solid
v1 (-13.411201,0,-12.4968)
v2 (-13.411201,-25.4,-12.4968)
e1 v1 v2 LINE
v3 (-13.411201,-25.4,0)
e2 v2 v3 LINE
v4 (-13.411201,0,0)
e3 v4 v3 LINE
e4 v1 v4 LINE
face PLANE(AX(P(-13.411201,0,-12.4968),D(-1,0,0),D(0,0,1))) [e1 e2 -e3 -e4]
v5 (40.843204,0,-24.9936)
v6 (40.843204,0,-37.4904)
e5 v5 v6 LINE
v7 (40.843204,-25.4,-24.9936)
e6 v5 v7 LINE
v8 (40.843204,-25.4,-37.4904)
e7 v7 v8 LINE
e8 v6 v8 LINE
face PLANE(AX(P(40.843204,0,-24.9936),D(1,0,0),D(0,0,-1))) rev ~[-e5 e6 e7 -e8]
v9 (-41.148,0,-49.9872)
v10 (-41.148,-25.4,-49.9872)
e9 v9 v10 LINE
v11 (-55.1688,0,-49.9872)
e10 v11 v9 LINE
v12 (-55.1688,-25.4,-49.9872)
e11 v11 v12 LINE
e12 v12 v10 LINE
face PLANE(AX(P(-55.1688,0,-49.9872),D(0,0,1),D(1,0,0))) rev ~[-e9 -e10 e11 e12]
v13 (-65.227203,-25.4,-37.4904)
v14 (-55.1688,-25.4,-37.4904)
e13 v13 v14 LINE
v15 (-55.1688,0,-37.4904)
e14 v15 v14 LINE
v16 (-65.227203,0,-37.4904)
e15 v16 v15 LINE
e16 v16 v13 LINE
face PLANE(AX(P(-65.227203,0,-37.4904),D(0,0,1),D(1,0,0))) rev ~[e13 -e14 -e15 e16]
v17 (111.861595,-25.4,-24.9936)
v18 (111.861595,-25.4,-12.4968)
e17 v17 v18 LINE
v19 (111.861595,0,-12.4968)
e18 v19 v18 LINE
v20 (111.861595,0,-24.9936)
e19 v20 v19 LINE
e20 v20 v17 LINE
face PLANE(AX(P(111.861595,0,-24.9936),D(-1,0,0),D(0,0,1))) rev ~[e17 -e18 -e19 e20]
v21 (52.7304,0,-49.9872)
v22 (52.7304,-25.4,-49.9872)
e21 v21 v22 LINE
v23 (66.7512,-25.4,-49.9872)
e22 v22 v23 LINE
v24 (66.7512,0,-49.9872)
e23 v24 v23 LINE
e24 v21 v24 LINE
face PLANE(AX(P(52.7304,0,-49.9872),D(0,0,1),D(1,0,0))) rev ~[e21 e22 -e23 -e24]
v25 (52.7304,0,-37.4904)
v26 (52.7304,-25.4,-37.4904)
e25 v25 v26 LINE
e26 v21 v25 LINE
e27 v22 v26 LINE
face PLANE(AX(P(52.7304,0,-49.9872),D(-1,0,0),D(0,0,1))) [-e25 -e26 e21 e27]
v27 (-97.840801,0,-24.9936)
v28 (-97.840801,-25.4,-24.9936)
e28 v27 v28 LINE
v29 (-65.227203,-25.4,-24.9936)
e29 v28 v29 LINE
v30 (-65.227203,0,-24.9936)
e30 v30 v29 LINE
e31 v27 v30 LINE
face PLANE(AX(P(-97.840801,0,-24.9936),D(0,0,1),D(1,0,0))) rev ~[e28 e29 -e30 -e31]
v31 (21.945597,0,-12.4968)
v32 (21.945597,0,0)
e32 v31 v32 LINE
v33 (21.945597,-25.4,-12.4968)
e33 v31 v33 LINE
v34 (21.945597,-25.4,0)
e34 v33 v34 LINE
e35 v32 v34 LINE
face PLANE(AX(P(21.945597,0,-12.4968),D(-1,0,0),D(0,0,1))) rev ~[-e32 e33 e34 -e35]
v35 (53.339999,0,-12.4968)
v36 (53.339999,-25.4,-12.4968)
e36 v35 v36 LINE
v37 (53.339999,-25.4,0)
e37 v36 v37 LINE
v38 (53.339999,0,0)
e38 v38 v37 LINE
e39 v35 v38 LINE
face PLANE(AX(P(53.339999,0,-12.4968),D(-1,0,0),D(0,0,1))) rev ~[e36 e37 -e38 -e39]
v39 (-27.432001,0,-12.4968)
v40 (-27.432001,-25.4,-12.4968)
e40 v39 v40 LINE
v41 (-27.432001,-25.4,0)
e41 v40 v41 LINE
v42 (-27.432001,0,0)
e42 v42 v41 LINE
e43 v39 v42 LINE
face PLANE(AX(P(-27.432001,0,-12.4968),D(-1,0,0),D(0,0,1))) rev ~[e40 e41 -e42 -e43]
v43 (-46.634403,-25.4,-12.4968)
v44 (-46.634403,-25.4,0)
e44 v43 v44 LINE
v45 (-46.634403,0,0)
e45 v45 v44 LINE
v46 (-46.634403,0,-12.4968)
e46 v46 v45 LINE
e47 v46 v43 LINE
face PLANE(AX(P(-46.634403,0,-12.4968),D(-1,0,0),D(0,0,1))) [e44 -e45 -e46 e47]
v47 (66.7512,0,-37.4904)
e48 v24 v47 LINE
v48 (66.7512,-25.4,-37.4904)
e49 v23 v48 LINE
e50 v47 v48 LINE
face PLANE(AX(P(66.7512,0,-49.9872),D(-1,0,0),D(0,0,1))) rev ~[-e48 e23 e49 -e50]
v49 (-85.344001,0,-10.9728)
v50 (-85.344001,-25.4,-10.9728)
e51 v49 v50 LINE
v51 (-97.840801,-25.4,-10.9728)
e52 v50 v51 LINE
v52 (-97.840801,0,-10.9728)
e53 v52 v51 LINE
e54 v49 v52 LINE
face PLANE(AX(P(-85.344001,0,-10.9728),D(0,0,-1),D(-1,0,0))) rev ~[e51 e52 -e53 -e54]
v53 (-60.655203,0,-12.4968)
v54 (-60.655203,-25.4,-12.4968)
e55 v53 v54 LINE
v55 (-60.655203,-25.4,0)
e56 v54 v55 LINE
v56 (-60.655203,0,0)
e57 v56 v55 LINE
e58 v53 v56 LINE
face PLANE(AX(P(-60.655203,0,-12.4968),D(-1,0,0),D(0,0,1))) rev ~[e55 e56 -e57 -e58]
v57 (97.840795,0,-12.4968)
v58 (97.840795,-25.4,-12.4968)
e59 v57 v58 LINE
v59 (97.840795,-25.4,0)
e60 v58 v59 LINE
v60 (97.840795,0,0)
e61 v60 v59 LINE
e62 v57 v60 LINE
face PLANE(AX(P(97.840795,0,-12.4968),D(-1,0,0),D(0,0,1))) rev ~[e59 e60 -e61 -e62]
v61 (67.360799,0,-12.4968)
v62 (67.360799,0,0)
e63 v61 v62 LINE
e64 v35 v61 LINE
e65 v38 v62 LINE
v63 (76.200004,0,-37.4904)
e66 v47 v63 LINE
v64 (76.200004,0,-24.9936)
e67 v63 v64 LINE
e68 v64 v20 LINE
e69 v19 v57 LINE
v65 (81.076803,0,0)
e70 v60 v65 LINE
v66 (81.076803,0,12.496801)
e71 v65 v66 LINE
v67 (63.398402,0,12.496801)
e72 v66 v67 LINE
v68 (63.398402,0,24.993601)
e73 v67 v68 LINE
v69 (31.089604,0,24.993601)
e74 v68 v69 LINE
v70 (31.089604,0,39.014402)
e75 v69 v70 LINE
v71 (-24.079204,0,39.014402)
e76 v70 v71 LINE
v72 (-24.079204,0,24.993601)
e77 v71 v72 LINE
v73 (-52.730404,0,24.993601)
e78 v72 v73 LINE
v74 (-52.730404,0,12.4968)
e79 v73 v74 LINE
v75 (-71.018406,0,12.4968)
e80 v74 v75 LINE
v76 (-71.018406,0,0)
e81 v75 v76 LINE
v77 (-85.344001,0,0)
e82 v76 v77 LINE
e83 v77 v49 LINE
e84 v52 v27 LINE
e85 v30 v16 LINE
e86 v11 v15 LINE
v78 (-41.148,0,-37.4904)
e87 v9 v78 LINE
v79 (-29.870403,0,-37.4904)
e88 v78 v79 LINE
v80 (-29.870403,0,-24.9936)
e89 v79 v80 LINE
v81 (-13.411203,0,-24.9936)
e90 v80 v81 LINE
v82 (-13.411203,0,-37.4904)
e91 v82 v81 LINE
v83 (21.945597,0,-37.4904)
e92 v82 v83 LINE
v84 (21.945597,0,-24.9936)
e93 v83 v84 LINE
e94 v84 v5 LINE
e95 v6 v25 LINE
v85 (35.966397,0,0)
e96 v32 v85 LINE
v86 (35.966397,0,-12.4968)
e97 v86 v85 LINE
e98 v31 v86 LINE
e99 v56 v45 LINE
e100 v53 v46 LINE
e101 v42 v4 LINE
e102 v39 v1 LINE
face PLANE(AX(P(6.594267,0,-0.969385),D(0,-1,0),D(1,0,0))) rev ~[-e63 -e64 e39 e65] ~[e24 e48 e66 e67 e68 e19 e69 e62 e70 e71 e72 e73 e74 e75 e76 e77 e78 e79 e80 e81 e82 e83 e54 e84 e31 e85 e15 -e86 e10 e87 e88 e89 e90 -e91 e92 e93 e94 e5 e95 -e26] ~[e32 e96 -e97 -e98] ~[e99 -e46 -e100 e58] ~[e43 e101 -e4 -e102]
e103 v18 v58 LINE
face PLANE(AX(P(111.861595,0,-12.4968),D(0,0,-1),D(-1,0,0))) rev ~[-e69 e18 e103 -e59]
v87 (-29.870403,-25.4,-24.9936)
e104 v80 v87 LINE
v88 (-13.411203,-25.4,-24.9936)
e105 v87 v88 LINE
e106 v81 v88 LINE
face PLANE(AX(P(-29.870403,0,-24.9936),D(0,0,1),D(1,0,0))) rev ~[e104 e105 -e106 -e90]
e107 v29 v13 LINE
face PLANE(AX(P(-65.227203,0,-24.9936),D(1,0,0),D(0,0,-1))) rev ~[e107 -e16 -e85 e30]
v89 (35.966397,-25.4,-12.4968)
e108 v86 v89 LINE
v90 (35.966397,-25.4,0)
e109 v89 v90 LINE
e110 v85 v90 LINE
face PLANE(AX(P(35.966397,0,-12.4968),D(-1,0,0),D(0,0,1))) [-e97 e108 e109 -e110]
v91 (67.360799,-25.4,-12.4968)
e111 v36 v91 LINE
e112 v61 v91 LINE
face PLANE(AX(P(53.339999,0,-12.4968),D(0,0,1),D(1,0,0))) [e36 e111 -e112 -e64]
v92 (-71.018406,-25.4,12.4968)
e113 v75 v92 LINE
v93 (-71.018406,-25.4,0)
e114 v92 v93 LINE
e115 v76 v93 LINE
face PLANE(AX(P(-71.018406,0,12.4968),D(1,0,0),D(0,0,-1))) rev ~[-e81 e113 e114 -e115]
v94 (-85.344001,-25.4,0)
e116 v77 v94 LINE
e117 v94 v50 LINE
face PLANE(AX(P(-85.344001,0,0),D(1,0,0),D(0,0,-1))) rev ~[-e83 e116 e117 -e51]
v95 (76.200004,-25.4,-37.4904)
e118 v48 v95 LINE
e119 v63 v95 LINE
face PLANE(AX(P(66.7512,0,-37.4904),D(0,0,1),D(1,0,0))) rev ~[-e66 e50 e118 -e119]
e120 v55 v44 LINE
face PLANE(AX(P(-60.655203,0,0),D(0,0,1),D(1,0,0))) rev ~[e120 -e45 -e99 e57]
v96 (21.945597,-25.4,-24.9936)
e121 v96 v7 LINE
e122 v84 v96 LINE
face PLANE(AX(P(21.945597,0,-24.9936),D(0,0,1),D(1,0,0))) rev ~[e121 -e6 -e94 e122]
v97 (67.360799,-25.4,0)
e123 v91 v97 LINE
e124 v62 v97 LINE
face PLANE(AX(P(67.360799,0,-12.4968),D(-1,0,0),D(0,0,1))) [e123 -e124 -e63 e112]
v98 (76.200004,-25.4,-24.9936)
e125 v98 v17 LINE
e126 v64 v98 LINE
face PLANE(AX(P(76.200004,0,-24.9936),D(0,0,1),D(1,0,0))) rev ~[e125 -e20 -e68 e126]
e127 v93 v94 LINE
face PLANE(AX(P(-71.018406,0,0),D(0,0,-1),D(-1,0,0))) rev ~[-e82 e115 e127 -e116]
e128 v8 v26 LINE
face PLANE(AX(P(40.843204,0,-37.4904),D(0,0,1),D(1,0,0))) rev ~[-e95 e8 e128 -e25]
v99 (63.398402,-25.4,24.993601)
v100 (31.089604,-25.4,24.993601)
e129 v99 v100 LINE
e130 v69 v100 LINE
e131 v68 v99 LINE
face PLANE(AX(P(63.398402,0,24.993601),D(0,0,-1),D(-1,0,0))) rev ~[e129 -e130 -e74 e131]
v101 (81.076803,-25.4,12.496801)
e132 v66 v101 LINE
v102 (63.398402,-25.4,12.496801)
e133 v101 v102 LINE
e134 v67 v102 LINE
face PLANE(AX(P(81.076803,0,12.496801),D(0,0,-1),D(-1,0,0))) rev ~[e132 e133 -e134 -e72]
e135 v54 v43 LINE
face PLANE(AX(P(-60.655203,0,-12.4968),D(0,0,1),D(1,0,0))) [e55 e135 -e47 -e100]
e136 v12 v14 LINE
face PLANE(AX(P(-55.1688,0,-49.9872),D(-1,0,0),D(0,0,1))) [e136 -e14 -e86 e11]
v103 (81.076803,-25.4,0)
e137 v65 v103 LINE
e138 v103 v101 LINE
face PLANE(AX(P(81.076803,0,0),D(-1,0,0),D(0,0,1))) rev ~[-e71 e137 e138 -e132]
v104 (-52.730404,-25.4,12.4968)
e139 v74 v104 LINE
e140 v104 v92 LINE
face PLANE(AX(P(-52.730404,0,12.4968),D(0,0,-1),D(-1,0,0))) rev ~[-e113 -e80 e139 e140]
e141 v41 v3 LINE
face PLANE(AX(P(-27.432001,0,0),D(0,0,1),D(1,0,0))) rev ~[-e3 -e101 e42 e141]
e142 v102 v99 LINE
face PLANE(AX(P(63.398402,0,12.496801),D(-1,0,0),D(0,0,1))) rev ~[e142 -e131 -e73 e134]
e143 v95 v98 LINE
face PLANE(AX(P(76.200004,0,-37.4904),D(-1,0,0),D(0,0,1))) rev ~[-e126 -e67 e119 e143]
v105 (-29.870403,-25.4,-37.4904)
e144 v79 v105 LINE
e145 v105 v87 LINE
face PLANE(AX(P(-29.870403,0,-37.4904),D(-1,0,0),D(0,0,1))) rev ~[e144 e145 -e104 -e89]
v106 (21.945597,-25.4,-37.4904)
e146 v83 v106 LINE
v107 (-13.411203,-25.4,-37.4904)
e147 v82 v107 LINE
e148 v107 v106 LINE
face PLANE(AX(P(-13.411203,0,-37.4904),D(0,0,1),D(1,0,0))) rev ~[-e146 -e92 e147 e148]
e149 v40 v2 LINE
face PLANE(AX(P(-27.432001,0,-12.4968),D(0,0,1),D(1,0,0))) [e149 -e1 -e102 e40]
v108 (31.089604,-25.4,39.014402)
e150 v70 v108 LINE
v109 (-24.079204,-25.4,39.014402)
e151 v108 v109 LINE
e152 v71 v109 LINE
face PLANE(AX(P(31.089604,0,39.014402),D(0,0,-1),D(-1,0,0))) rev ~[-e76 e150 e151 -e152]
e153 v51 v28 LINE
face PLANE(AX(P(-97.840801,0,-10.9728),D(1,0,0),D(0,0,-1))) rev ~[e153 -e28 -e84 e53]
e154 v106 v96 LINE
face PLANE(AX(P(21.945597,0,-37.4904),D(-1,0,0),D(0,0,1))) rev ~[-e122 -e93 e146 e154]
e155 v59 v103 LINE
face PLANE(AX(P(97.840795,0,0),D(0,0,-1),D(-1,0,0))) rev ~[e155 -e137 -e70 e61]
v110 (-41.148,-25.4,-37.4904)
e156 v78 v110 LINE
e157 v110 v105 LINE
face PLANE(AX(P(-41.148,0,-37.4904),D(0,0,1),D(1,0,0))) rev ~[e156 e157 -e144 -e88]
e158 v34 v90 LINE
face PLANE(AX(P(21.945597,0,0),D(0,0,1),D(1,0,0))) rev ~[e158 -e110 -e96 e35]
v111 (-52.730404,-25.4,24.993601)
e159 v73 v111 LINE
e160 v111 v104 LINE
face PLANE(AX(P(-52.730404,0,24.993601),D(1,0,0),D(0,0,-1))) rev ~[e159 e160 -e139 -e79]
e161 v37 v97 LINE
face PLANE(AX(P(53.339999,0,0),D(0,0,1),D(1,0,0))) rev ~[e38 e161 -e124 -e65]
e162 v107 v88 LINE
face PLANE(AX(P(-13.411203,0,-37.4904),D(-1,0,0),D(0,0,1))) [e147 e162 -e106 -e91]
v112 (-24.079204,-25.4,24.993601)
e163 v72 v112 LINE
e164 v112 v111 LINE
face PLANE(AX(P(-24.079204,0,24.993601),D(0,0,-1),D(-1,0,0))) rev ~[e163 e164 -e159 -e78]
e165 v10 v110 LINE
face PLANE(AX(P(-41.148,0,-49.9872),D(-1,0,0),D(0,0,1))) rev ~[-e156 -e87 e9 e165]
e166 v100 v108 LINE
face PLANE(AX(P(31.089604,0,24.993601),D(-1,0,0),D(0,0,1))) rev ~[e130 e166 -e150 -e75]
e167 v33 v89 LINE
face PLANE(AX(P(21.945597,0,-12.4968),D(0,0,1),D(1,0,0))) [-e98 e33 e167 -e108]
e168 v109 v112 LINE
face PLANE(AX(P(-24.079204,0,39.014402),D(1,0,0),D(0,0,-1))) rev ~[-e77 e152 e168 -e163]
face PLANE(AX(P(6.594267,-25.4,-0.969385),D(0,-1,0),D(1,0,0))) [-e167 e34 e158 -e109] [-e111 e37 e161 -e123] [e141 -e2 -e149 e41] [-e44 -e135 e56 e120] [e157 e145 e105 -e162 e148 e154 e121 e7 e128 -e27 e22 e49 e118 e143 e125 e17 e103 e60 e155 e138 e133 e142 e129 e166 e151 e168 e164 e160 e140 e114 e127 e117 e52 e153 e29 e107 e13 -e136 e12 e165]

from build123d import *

# Parameters (mm, degrees)
F0_W     = 14.0208
F0_H     = 12.4968
F0_W_2   = 35.3568
F1_DEPTH = 25.4


with BuildPart() as f1:
    # F0 (on Front) → F1 (new body)
    with BuildSketch(Plane.XZ):
        Polygon((31.089604, 39.014402), (-24.079204, 39.014402), (-24.079204, 24.993601), (-52.730404, 24.993601), (-52.730404, 12.4968), (-71.018406, 12.4968), (-71.018406, 0), (-85.344001, 0), (-85.344001, -10.9728), (-97.840801, -10.9728), (-97.840801, -24.9936), (-85.344001, -24.9936), (-65.227203, -24.9936), (-29.870403, -24.9936), (-13.411203, -24.9936), (21.945597, -24.9936), (40.843204, -24.9936), (76.200004, -24.9936), (97.840795, -24.9936), (111.861595, -24.9936), (111.861595, -12.4968), (97.840795, -12.4968), (97.840795, 0), (81.076803, 0), (81.076803, 12.496801), (63.398402, 12.496801), (63.398402, 24.993601), (31.089604, 24.993601), align=None)
        with Locations((-53.644803, -6.2484)):
            Rectangle(F0_W, F0_H, mode=Mode.SUBTRACT)
        with Locations((-20.421601, -6.2484)):
            Rectangle(F0_W, F0_H, mode=Mode.SUBTRACT)
        with Locations((28.955997, -6.2484)):
            Rectangle(F0_W, F0_H, mode=Mode.SUBTRACT)
        with Locations((60.350399, -6.2484)):
            Rectangle(F0_W, F0_H, mode=Mode.SUBTRACT)
        Polygon((76.200004, -37.4904), (76.200004, -24.9936), (40.843204, -24.9936), (40.843204, -37.4904), (52.7304, -37.4904), (66.7512, -37.4904), align=None)
        Polygon((-29.870403, -24.9936), (-65.227203, -24.9936), (-65.227203, -37.4904), (-55.1688, -37.4904), (-41.148, -37.4904), (-29.870403, -37.4904), align=None)
        with Locations((-48.1584, -43.7388)):
            Rectangle(F0_W, F0_H)
        with Locations((4.267197, -31.242)):
            Rectangle(F0_W_2, F0_H)
        with Locations((59.7408, -43.7388)):
            Rectangle(F0_W, F0_H)
    extrude(amount=F1_DEPTH)


solid = f1.part
